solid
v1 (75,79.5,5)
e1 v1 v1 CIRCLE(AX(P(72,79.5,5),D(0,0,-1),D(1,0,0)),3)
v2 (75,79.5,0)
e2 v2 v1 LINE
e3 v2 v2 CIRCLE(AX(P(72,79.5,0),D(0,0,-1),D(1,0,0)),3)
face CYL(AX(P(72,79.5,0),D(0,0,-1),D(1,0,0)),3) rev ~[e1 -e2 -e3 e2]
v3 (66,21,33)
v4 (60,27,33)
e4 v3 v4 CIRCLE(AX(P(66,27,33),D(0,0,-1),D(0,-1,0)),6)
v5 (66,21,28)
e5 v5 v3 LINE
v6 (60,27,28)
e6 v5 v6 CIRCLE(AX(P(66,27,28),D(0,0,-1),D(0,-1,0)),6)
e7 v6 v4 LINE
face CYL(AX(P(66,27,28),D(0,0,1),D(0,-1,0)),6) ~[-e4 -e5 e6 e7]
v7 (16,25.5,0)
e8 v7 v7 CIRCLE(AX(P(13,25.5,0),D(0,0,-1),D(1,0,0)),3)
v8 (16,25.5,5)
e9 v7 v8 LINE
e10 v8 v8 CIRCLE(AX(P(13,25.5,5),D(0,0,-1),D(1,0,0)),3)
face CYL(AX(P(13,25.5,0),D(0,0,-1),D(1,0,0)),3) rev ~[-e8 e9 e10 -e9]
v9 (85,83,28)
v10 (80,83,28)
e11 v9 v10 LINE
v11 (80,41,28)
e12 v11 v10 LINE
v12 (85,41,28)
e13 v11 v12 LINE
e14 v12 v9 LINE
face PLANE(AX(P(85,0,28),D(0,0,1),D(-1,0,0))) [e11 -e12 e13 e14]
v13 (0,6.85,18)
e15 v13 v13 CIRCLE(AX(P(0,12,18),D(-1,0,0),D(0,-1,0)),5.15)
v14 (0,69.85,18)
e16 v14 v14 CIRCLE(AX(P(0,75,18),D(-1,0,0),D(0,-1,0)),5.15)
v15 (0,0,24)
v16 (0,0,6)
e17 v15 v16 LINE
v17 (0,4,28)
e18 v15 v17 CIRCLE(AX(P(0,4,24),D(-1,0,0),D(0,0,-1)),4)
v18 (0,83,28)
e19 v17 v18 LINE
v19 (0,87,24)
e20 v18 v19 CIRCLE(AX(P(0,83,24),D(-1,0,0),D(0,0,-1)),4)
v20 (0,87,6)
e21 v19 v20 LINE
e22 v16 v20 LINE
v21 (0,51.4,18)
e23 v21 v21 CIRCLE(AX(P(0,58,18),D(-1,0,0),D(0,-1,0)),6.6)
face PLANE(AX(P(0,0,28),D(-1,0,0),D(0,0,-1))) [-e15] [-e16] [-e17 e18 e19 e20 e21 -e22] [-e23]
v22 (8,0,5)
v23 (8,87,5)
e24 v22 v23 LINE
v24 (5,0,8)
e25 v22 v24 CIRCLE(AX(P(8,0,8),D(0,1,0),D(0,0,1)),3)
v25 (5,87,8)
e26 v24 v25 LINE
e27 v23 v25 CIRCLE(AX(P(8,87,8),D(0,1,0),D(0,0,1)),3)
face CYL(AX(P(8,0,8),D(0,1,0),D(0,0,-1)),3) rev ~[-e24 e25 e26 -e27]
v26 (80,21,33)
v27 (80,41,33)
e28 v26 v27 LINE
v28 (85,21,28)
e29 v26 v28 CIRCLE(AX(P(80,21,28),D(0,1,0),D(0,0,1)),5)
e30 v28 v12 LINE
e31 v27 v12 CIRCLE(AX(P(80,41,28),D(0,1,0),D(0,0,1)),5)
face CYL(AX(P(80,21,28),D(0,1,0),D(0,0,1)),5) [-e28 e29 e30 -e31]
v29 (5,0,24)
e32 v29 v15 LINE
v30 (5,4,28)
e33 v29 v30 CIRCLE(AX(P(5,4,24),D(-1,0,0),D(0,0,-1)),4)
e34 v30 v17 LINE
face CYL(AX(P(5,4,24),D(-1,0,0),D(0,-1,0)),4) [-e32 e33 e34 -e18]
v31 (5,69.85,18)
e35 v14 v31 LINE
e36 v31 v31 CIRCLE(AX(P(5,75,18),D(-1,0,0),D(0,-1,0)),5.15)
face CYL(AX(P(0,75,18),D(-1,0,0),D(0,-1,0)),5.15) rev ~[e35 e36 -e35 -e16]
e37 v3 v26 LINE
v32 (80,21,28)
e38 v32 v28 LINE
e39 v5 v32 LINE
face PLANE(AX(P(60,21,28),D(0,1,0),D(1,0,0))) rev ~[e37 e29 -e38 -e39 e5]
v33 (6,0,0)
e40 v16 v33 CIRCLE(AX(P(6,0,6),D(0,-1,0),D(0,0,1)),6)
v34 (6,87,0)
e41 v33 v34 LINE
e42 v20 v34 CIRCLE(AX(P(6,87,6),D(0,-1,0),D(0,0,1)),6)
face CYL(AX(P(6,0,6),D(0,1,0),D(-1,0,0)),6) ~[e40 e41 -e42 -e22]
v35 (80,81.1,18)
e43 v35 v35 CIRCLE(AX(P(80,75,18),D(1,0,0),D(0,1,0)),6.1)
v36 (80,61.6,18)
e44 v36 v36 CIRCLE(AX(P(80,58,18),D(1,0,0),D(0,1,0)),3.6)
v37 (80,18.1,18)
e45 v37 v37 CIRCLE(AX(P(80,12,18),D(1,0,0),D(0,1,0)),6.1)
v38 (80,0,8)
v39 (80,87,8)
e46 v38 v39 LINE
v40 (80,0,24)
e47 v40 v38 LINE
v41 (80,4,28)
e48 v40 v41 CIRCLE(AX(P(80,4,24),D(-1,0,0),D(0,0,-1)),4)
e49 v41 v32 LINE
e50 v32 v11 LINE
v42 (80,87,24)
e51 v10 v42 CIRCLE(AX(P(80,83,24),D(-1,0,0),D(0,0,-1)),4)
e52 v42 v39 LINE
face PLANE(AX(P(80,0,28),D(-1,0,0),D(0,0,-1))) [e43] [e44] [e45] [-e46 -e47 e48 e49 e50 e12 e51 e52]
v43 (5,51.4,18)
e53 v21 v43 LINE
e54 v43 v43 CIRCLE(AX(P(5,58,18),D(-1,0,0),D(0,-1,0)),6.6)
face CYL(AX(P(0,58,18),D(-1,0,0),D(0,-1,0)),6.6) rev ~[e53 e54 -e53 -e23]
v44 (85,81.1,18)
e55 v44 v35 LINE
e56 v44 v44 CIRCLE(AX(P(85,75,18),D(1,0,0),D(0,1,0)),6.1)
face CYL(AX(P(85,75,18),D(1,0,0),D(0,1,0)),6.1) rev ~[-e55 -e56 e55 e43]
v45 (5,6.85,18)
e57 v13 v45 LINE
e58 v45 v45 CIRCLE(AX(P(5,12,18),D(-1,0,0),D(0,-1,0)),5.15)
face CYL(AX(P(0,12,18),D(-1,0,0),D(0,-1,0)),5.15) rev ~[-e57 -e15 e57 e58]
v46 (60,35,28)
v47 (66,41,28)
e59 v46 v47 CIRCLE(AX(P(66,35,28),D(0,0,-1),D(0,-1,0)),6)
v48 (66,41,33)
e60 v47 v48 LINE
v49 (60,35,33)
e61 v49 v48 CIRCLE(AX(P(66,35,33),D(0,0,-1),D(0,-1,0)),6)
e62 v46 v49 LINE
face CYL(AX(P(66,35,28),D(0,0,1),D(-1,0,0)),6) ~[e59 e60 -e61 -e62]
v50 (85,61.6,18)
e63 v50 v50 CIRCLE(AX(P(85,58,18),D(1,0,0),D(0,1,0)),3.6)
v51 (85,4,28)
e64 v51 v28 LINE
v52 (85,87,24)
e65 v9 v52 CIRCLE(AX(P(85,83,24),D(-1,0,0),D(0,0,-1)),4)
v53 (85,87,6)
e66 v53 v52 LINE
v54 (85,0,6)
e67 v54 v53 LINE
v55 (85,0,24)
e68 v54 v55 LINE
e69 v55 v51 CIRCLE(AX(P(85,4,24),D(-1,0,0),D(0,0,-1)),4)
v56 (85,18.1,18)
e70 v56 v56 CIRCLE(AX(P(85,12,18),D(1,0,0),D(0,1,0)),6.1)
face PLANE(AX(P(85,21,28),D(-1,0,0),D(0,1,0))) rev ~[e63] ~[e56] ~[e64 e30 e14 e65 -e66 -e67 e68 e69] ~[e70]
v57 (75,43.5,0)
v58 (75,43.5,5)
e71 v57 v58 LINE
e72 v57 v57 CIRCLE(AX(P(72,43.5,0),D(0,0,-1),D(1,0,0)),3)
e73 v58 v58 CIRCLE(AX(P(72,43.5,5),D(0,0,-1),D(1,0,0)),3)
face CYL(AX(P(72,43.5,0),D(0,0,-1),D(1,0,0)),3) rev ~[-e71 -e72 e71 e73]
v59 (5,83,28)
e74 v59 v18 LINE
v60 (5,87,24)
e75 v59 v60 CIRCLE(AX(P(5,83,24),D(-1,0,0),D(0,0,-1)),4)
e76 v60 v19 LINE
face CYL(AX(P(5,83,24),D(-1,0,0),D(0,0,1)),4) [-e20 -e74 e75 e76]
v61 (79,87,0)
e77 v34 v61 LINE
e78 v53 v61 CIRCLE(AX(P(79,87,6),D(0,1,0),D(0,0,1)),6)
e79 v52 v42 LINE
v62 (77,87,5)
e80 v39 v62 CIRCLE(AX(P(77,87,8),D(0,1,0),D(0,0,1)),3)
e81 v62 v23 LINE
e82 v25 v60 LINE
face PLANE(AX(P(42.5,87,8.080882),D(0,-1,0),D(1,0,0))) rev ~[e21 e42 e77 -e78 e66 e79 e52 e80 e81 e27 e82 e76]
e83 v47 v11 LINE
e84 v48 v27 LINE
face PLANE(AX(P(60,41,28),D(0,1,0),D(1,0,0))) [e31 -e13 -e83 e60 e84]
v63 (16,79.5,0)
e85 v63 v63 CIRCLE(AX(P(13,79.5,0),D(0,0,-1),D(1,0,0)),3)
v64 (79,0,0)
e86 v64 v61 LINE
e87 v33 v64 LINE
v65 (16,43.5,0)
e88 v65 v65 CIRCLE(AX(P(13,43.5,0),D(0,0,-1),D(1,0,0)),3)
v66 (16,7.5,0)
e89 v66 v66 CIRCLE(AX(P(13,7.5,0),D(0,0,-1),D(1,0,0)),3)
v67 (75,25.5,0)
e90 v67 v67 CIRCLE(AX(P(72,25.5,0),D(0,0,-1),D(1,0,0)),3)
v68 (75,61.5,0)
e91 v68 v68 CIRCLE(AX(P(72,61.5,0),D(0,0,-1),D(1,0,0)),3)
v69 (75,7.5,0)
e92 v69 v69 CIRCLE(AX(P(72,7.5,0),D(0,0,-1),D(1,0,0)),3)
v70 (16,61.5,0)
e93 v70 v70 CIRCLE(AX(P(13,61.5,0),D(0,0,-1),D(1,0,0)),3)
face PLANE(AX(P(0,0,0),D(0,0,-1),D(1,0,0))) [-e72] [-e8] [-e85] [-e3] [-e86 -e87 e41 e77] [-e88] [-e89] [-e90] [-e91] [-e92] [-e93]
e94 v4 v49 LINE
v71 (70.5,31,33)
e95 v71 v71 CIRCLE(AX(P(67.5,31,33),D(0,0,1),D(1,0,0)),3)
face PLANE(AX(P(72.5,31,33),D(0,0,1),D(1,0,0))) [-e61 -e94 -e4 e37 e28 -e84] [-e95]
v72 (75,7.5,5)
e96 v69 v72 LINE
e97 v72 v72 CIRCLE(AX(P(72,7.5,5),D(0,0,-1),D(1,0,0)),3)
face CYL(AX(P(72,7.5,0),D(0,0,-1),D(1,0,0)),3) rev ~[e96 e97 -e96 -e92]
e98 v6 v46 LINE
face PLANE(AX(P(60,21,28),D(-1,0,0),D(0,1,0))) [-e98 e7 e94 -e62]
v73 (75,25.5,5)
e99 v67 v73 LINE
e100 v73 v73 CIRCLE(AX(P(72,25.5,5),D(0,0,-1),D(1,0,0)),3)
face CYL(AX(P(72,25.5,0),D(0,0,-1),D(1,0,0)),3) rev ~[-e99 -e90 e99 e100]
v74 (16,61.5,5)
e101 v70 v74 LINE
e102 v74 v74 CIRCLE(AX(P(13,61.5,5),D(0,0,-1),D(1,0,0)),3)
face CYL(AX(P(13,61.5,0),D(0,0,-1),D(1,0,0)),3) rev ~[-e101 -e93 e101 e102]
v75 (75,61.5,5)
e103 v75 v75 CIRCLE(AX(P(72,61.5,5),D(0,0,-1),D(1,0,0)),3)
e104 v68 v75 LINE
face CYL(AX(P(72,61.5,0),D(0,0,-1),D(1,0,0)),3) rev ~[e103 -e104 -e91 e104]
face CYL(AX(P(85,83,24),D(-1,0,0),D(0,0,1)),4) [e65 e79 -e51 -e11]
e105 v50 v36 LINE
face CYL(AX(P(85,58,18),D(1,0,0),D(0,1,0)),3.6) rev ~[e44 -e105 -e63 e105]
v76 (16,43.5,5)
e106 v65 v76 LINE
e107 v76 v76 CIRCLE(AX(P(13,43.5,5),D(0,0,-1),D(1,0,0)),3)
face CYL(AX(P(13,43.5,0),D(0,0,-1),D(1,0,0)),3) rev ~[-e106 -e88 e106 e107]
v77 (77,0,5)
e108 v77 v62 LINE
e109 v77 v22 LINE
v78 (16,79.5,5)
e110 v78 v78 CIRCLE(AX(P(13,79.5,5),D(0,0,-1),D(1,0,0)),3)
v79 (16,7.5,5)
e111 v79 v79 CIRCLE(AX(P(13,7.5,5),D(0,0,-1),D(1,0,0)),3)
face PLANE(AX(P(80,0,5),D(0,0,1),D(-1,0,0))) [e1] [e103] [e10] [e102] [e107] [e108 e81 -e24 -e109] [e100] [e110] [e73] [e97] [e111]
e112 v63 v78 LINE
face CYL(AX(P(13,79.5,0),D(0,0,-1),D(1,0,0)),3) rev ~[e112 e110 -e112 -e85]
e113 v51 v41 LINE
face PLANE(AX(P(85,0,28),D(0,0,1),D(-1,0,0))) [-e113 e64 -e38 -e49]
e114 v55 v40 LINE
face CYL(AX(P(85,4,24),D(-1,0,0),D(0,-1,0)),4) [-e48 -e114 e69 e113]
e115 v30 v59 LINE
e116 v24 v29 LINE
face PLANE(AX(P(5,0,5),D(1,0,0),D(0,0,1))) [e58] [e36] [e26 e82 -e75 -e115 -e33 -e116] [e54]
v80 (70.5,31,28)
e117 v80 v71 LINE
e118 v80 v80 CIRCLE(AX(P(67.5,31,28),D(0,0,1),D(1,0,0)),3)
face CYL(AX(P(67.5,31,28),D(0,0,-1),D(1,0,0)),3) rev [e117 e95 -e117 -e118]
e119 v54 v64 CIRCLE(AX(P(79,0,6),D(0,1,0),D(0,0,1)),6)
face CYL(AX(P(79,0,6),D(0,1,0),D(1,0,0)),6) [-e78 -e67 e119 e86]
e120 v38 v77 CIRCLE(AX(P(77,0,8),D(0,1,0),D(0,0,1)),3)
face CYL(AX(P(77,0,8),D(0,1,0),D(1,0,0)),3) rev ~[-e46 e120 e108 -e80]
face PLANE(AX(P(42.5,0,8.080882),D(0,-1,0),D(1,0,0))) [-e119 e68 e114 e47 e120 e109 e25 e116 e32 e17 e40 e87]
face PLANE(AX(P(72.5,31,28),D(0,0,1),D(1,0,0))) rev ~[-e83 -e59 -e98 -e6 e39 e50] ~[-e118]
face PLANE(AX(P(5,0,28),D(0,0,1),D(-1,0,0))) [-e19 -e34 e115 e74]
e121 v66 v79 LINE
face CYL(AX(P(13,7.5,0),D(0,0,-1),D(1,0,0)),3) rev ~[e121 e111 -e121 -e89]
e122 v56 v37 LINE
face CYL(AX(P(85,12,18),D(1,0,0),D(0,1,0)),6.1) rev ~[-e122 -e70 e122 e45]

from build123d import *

# Parameters (mm, degrees)
F1_DEPTH  = 87
F2_R      = 3
F3_R      = 6
F4_R      = 3
F5_R      = 4
F6_W      = 25
F6_H      = 20
F6_R      = 3
F7_DEPTH  = 5
F8_R      = 5
F9_R      = 6
F10_R     = 5.15
F10_R_2   = 6.6
F11_DEPTH = 25
F12_R     = 6.1
F12_R_2   = 3.6
F13_DEPTH = 25
F14_R     = 3
F15_DEPTH = 25


with BuildPart() as f1:
    # F0 (on Front) → F1 (new body)
    with BuildSketch(Plane.XZ):
        Polygon((0, 28), (0, 0), (85, 0), (85, 28), (80, 28), (80, 5), (5, 5), (5, 28), align=None)
    extrude(amount=-F1_DEPTH)

    # F2
    f2_edges = [f1.edges().sort_by_distance(p)[0] for p in [
        (5, 43.5, 5),
    ]]
    fillet(f2_edges, radius=F2_R)

    # F3
    f3_edges = [f1.edges().sort_by_distance(p)[0] for p in [
        (0, 43.5, 0),
        (85, 43.5, 0),
    ]]
    fillet(f3_edges, radius=F3_R)

    # F4
    f4_edges = [f1.edges().sort_by_distance(p)[0] for p in [
        (80, 43.5, 5),
    ]]
    fillet(f4_edges, radius=F4_R)

    # F5
    f5_edges = [f1.edges().sort_by_distance(p)[0] for p in [
        (82.5, 0, 28),
        (2.5, 0, 28),
        (2.5, 87, 28),
        (82.5, 87, 28),
    ]]
    fillet(f5_edges, radius=F5_R)

    # F6 (on face) → F7 (join)
    with BuildSketch(Plane.XY.offset(28)):
        with Locations((72.5, 31)):
            Rectangle(F6_W, F6_H)
        with Locations((67.5, 31)):
            Circle(F6_R, mode=Mode.SUBTRACT)
    extrude(amount=F7_DEPTH)

    # F8
    f8_edges = [f1.edges().sort_by_distance(p)[0] for p in [
        (85, 31, 33),
    ]]
    fillet(f8_edges, radius=F8_R)

    # F9
    f9_edges = [f1.edges().sort_by_distance(p)[0] for p in [
        (60, 21, 30.5),
        (60, 41, 30.5),
    ]]
    fillet(f9_edges, radius=F9_R)

    # F10 (on face) → F11 (cut)
    with BuildSketch(Plane(origin=(0, 0, 0), x_dir=(0, -1, 0), z_dir=(-1, 0, 0))):
        with Locations((-12, 18)):
            Circle(F10_R)
        with Locations((-58, 18)):
            Circle(F10_R_2)
        with Locations((-75, 18)):
            Circle(F10_R)
    extrude(amount=-F11_DEPTH, mode=Mode.SUBTRACT)

    # F12 (on face) → F13 (cut)
    with BuildSketch(Plane.YZ.offset(85)):
        with Locations((75, 18)):
            Circle(F12_R)
        with Locations((58, 18)):
            Circle(F12_R_2)
        with Locations((12, 18)):
            Circle(F12_R)
    extrude(amount=-F13_DEPTH, mode=Mode.SUBTRACT)

    # F14 (on face) → F15 (cut)
    with BuildSketch(Plane(origin=(0, 0, 0), x_dir=(1, 0, 0), z_dir=(0, 0, -1))):
        with Locations((13, -7.5)):
            Circle(F14_R)
        with Locations((13, -25.5)):
            Circle(F14_R)
        with Locations((13, -43.5)):
            Circle(F14_R)
        with Locations((13, -79.5)):
            Circle(F14_R)
        with Locations((13, -61.5)):
            Circle(F14_R)
        with Locations((72, -79.5)):
            Circle(F14_R)
        with Locations((72, -61.5)):
            Circle(F14_R)
        with Locations((72, -43.5)):
            Circle(F14_R)
        with Locations((72, -7.5)):
            Circle(F14_R)
        with Locations((72, -25.5)):
            Circle(F14_R)
    extrude(amount=-F15_DEPTH, mode=Mode.SUBTRACT)


solid = f1.part
